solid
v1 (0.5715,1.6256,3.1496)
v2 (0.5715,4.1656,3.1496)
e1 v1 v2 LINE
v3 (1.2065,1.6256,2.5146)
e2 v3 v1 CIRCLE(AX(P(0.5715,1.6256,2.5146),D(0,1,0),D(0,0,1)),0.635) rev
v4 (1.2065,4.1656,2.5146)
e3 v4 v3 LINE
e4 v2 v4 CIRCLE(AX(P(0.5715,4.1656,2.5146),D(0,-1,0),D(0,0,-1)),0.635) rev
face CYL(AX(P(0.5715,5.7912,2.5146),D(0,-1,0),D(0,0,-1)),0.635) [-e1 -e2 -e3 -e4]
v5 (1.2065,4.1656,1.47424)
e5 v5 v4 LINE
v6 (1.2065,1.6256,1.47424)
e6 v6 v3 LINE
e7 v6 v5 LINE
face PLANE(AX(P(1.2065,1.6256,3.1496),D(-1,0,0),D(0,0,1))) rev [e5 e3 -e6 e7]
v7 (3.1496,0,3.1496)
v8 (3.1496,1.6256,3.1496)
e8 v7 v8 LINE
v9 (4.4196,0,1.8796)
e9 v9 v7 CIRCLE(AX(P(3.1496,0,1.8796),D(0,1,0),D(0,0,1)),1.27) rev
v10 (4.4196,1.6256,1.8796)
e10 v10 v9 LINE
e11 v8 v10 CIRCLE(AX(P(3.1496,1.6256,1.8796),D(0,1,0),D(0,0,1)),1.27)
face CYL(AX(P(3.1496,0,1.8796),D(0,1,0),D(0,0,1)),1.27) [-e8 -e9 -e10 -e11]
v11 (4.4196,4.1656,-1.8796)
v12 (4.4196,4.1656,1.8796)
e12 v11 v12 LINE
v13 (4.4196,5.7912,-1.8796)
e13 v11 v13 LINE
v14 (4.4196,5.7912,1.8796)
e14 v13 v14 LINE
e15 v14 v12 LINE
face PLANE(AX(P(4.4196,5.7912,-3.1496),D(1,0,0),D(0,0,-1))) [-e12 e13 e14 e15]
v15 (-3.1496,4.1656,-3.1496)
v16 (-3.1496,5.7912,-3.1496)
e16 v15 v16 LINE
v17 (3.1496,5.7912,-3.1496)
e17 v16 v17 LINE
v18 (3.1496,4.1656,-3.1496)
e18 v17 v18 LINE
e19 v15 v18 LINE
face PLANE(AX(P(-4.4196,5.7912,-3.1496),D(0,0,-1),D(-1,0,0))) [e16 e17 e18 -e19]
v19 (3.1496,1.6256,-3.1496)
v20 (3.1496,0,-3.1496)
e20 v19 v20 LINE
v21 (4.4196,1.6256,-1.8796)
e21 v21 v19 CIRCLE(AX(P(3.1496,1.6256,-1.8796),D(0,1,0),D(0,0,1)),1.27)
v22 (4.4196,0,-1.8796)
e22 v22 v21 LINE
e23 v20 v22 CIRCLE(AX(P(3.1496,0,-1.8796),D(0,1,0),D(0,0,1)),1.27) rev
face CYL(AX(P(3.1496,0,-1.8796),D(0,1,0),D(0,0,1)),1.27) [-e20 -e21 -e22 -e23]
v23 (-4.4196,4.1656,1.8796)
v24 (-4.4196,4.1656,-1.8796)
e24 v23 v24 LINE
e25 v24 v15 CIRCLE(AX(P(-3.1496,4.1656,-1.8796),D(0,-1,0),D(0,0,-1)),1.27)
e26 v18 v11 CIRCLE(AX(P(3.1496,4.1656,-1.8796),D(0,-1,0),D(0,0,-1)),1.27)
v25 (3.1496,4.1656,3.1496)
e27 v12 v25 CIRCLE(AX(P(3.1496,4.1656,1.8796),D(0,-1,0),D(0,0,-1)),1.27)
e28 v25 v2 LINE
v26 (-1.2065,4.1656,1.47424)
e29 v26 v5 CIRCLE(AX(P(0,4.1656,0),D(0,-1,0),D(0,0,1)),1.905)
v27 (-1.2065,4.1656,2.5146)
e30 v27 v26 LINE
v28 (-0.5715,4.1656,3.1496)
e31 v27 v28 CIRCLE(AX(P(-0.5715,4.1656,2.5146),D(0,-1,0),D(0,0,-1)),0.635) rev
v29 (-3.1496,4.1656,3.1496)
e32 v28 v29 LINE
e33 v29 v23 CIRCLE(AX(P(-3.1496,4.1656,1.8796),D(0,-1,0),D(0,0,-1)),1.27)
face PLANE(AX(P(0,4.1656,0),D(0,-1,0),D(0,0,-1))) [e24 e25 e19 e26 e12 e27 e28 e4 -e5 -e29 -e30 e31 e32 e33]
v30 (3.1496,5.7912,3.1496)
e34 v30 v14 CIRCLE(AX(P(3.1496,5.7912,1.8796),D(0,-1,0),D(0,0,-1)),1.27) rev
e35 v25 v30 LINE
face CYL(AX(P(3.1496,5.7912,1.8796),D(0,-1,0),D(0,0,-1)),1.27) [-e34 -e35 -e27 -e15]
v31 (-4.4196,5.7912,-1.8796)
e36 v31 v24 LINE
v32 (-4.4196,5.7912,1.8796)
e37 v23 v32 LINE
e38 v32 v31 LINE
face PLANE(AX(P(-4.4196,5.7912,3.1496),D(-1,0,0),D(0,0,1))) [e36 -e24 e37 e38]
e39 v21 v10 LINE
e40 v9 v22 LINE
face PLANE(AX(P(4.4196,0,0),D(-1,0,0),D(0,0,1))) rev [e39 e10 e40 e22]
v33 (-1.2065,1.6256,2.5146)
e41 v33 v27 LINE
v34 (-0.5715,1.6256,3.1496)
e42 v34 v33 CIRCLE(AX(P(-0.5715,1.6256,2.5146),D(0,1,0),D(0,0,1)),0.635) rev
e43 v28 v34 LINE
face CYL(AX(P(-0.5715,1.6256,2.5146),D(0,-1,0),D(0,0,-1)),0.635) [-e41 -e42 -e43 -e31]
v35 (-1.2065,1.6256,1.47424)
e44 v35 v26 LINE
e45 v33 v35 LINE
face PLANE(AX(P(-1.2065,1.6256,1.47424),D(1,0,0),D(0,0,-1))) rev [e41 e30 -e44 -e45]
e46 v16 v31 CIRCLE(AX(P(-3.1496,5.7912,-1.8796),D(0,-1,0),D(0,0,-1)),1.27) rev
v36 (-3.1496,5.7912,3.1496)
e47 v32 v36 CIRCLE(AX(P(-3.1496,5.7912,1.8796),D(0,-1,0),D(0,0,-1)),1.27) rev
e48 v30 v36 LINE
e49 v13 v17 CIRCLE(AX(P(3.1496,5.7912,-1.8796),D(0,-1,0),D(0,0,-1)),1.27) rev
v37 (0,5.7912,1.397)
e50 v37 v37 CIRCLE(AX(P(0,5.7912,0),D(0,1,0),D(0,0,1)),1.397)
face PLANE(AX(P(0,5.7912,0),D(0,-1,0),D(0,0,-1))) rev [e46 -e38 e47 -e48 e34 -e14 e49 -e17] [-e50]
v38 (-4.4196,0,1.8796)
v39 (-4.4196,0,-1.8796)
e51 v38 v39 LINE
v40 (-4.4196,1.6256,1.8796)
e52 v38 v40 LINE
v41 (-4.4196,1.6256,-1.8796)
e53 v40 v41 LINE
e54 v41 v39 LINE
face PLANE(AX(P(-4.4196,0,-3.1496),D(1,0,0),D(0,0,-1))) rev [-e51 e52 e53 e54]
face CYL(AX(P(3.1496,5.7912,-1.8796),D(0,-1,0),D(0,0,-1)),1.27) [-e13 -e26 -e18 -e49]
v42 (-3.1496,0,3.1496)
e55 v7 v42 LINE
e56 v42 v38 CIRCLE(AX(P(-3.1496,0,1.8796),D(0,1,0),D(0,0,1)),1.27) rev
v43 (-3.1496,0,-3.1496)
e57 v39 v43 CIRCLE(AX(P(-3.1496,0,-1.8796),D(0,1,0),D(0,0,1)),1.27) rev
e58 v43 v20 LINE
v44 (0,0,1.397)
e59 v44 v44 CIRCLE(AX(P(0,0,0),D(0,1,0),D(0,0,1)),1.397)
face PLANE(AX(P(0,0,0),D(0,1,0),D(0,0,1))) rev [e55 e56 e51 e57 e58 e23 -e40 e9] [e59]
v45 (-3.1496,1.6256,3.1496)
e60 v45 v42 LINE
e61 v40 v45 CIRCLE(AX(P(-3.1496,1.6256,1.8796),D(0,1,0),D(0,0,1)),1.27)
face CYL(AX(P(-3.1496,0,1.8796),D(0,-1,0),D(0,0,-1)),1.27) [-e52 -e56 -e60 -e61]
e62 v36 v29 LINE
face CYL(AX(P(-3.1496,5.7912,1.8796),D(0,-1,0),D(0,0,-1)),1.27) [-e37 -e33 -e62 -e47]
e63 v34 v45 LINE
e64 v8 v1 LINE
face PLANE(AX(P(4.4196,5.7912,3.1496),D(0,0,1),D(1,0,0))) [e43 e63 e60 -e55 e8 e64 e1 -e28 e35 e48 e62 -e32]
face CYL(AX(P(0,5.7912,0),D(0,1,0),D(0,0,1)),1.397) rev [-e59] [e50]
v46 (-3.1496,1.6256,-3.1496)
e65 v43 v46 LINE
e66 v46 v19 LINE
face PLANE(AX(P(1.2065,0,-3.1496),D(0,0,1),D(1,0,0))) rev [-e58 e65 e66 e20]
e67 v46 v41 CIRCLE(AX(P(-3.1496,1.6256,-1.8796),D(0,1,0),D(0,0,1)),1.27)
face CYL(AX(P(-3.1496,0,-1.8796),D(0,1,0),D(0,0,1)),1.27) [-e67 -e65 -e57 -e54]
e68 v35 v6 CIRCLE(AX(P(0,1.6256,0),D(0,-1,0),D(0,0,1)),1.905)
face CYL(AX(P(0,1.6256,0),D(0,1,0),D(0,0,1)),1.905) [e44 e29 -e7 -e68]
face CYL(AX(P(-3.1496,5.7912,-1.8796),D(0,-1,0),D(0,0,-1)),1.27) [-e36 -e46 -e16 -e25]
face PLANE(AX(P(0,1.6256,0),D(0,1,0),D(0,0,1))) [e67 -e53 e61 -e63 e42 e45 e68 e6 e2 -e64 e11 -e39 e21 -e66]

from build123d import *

# Parameters (mm, degrees)
SKETCH_1_W           = 8.8392
SKETCH_1_H           = 6.2992
EXTRUDE_1_DEPTH      = 1.6256
EXTRUDE_2_DEPTH      = 2.54
SKETCH_3_W           = 5.6261
SKETCH_3_H           = 6.2992
EXTRUDE_3_DEPTH      = 1.6256
SKETCH_4_W           = 6.2992
SKETCH_4_H           = 1.6256
EXTRUDE_4_DEPTH      = 3.2131
HOLE_WIZARD_M2_5_1_D = 2.794
FILLET_1_R           = 0.635
FILLET_2_R           = 1.27


with BuildPart() as part:
    # 草圖1 → 填料-伸長1 (new body)
    with BuildSketch(Plane.XZ.offset(-4.1656)):
        Rectangle(SKETCH_1_W, SKETCH_1_H)
    extrude(amount=-EXTRUDE_1_DEPTH)

    # 草圖2 → 填料-伸長2 (add)
    with BuildSketch(Plane.XZ.offset(-4.1656)):
        with BuildLine():
            Line((-1.2065, 1.474239719), (-1.2065, 3.1496))
            Line((-1.2065, 3.1496), (1.2065, 3.1496))
            Line((1.2065, 3.1496), (1.2065, 1.474239719))
            ThreePointArc((1.2065, 1.474239719), (0, -1.905), (-1.2065, 1.474239719))
        make_face()
    extrude(amount=EXTRUDE_2_DEPTH)

    # 草圖3 → 填料-伸長3 (add)
    with BuildSketch(Plane.XZ.offset(-1.6256)):
        with Locations((-1.60655, 0)):
            Rectangle(SKETCH_3_W, SKETCH_3_H)
    extrude(amount=EXTRUDE_3_DEPTH)

    # 草圖4 → 填料-伸長4 (add)
    with BuildSketch(Plane(origin=(1.2065, 0, 0), x_dir=(0, 0, -1), z_dir=(1, 0, 0))):
        with Locations((0, 0.8128)):
            Rectangle(SKETCH_4_W, SKETCH_4_H)
    extrude(amount=EXTRUDE_4_DEPTH)

    # M2.5 餘隙孔1 (through all)
    with Locations(Plane(origin=(0, 5.7912, 0), x_dir=(1, 0, 0), z_dir=(0, 1, 0))):
        with Locations((0, 0)):
            Hole(HOLE_WIZARD_M2_5_1_D / 2)

    # 圓角1
    fillet_1_edges = [part.edges().sort_by_distance(p)[0] for p in [
        (-1.2065, 2.8956, 3.1496),
        (1.2065, 2.8956, 3.1496),
    ]]
    fillet(fillet_1_edges, radius=FILLET_1_R)

    # 圓角2
    fillet_2_edges = [part.edges().sort_by_distance(p)[0] for p in [
        (-4.4196, 0.8128, 3.1496),
        (-4.4196, 0.8128, -3.1496),
        (4.4196, 0.8128, 3.1496),
        (4.4196, 0.8128, -3.1496),
        (4.4196, 4.9784, -3.1496),
        (-4.4196, 4.9784, -3.1496),
        (-4.4196, 4.9784, 3.1496),
        (4.4196, 4.9784, 3.1496),
    ]]
    fillet(fillet_2_edges, radius=FILLET_2_R)


solid = part.part
